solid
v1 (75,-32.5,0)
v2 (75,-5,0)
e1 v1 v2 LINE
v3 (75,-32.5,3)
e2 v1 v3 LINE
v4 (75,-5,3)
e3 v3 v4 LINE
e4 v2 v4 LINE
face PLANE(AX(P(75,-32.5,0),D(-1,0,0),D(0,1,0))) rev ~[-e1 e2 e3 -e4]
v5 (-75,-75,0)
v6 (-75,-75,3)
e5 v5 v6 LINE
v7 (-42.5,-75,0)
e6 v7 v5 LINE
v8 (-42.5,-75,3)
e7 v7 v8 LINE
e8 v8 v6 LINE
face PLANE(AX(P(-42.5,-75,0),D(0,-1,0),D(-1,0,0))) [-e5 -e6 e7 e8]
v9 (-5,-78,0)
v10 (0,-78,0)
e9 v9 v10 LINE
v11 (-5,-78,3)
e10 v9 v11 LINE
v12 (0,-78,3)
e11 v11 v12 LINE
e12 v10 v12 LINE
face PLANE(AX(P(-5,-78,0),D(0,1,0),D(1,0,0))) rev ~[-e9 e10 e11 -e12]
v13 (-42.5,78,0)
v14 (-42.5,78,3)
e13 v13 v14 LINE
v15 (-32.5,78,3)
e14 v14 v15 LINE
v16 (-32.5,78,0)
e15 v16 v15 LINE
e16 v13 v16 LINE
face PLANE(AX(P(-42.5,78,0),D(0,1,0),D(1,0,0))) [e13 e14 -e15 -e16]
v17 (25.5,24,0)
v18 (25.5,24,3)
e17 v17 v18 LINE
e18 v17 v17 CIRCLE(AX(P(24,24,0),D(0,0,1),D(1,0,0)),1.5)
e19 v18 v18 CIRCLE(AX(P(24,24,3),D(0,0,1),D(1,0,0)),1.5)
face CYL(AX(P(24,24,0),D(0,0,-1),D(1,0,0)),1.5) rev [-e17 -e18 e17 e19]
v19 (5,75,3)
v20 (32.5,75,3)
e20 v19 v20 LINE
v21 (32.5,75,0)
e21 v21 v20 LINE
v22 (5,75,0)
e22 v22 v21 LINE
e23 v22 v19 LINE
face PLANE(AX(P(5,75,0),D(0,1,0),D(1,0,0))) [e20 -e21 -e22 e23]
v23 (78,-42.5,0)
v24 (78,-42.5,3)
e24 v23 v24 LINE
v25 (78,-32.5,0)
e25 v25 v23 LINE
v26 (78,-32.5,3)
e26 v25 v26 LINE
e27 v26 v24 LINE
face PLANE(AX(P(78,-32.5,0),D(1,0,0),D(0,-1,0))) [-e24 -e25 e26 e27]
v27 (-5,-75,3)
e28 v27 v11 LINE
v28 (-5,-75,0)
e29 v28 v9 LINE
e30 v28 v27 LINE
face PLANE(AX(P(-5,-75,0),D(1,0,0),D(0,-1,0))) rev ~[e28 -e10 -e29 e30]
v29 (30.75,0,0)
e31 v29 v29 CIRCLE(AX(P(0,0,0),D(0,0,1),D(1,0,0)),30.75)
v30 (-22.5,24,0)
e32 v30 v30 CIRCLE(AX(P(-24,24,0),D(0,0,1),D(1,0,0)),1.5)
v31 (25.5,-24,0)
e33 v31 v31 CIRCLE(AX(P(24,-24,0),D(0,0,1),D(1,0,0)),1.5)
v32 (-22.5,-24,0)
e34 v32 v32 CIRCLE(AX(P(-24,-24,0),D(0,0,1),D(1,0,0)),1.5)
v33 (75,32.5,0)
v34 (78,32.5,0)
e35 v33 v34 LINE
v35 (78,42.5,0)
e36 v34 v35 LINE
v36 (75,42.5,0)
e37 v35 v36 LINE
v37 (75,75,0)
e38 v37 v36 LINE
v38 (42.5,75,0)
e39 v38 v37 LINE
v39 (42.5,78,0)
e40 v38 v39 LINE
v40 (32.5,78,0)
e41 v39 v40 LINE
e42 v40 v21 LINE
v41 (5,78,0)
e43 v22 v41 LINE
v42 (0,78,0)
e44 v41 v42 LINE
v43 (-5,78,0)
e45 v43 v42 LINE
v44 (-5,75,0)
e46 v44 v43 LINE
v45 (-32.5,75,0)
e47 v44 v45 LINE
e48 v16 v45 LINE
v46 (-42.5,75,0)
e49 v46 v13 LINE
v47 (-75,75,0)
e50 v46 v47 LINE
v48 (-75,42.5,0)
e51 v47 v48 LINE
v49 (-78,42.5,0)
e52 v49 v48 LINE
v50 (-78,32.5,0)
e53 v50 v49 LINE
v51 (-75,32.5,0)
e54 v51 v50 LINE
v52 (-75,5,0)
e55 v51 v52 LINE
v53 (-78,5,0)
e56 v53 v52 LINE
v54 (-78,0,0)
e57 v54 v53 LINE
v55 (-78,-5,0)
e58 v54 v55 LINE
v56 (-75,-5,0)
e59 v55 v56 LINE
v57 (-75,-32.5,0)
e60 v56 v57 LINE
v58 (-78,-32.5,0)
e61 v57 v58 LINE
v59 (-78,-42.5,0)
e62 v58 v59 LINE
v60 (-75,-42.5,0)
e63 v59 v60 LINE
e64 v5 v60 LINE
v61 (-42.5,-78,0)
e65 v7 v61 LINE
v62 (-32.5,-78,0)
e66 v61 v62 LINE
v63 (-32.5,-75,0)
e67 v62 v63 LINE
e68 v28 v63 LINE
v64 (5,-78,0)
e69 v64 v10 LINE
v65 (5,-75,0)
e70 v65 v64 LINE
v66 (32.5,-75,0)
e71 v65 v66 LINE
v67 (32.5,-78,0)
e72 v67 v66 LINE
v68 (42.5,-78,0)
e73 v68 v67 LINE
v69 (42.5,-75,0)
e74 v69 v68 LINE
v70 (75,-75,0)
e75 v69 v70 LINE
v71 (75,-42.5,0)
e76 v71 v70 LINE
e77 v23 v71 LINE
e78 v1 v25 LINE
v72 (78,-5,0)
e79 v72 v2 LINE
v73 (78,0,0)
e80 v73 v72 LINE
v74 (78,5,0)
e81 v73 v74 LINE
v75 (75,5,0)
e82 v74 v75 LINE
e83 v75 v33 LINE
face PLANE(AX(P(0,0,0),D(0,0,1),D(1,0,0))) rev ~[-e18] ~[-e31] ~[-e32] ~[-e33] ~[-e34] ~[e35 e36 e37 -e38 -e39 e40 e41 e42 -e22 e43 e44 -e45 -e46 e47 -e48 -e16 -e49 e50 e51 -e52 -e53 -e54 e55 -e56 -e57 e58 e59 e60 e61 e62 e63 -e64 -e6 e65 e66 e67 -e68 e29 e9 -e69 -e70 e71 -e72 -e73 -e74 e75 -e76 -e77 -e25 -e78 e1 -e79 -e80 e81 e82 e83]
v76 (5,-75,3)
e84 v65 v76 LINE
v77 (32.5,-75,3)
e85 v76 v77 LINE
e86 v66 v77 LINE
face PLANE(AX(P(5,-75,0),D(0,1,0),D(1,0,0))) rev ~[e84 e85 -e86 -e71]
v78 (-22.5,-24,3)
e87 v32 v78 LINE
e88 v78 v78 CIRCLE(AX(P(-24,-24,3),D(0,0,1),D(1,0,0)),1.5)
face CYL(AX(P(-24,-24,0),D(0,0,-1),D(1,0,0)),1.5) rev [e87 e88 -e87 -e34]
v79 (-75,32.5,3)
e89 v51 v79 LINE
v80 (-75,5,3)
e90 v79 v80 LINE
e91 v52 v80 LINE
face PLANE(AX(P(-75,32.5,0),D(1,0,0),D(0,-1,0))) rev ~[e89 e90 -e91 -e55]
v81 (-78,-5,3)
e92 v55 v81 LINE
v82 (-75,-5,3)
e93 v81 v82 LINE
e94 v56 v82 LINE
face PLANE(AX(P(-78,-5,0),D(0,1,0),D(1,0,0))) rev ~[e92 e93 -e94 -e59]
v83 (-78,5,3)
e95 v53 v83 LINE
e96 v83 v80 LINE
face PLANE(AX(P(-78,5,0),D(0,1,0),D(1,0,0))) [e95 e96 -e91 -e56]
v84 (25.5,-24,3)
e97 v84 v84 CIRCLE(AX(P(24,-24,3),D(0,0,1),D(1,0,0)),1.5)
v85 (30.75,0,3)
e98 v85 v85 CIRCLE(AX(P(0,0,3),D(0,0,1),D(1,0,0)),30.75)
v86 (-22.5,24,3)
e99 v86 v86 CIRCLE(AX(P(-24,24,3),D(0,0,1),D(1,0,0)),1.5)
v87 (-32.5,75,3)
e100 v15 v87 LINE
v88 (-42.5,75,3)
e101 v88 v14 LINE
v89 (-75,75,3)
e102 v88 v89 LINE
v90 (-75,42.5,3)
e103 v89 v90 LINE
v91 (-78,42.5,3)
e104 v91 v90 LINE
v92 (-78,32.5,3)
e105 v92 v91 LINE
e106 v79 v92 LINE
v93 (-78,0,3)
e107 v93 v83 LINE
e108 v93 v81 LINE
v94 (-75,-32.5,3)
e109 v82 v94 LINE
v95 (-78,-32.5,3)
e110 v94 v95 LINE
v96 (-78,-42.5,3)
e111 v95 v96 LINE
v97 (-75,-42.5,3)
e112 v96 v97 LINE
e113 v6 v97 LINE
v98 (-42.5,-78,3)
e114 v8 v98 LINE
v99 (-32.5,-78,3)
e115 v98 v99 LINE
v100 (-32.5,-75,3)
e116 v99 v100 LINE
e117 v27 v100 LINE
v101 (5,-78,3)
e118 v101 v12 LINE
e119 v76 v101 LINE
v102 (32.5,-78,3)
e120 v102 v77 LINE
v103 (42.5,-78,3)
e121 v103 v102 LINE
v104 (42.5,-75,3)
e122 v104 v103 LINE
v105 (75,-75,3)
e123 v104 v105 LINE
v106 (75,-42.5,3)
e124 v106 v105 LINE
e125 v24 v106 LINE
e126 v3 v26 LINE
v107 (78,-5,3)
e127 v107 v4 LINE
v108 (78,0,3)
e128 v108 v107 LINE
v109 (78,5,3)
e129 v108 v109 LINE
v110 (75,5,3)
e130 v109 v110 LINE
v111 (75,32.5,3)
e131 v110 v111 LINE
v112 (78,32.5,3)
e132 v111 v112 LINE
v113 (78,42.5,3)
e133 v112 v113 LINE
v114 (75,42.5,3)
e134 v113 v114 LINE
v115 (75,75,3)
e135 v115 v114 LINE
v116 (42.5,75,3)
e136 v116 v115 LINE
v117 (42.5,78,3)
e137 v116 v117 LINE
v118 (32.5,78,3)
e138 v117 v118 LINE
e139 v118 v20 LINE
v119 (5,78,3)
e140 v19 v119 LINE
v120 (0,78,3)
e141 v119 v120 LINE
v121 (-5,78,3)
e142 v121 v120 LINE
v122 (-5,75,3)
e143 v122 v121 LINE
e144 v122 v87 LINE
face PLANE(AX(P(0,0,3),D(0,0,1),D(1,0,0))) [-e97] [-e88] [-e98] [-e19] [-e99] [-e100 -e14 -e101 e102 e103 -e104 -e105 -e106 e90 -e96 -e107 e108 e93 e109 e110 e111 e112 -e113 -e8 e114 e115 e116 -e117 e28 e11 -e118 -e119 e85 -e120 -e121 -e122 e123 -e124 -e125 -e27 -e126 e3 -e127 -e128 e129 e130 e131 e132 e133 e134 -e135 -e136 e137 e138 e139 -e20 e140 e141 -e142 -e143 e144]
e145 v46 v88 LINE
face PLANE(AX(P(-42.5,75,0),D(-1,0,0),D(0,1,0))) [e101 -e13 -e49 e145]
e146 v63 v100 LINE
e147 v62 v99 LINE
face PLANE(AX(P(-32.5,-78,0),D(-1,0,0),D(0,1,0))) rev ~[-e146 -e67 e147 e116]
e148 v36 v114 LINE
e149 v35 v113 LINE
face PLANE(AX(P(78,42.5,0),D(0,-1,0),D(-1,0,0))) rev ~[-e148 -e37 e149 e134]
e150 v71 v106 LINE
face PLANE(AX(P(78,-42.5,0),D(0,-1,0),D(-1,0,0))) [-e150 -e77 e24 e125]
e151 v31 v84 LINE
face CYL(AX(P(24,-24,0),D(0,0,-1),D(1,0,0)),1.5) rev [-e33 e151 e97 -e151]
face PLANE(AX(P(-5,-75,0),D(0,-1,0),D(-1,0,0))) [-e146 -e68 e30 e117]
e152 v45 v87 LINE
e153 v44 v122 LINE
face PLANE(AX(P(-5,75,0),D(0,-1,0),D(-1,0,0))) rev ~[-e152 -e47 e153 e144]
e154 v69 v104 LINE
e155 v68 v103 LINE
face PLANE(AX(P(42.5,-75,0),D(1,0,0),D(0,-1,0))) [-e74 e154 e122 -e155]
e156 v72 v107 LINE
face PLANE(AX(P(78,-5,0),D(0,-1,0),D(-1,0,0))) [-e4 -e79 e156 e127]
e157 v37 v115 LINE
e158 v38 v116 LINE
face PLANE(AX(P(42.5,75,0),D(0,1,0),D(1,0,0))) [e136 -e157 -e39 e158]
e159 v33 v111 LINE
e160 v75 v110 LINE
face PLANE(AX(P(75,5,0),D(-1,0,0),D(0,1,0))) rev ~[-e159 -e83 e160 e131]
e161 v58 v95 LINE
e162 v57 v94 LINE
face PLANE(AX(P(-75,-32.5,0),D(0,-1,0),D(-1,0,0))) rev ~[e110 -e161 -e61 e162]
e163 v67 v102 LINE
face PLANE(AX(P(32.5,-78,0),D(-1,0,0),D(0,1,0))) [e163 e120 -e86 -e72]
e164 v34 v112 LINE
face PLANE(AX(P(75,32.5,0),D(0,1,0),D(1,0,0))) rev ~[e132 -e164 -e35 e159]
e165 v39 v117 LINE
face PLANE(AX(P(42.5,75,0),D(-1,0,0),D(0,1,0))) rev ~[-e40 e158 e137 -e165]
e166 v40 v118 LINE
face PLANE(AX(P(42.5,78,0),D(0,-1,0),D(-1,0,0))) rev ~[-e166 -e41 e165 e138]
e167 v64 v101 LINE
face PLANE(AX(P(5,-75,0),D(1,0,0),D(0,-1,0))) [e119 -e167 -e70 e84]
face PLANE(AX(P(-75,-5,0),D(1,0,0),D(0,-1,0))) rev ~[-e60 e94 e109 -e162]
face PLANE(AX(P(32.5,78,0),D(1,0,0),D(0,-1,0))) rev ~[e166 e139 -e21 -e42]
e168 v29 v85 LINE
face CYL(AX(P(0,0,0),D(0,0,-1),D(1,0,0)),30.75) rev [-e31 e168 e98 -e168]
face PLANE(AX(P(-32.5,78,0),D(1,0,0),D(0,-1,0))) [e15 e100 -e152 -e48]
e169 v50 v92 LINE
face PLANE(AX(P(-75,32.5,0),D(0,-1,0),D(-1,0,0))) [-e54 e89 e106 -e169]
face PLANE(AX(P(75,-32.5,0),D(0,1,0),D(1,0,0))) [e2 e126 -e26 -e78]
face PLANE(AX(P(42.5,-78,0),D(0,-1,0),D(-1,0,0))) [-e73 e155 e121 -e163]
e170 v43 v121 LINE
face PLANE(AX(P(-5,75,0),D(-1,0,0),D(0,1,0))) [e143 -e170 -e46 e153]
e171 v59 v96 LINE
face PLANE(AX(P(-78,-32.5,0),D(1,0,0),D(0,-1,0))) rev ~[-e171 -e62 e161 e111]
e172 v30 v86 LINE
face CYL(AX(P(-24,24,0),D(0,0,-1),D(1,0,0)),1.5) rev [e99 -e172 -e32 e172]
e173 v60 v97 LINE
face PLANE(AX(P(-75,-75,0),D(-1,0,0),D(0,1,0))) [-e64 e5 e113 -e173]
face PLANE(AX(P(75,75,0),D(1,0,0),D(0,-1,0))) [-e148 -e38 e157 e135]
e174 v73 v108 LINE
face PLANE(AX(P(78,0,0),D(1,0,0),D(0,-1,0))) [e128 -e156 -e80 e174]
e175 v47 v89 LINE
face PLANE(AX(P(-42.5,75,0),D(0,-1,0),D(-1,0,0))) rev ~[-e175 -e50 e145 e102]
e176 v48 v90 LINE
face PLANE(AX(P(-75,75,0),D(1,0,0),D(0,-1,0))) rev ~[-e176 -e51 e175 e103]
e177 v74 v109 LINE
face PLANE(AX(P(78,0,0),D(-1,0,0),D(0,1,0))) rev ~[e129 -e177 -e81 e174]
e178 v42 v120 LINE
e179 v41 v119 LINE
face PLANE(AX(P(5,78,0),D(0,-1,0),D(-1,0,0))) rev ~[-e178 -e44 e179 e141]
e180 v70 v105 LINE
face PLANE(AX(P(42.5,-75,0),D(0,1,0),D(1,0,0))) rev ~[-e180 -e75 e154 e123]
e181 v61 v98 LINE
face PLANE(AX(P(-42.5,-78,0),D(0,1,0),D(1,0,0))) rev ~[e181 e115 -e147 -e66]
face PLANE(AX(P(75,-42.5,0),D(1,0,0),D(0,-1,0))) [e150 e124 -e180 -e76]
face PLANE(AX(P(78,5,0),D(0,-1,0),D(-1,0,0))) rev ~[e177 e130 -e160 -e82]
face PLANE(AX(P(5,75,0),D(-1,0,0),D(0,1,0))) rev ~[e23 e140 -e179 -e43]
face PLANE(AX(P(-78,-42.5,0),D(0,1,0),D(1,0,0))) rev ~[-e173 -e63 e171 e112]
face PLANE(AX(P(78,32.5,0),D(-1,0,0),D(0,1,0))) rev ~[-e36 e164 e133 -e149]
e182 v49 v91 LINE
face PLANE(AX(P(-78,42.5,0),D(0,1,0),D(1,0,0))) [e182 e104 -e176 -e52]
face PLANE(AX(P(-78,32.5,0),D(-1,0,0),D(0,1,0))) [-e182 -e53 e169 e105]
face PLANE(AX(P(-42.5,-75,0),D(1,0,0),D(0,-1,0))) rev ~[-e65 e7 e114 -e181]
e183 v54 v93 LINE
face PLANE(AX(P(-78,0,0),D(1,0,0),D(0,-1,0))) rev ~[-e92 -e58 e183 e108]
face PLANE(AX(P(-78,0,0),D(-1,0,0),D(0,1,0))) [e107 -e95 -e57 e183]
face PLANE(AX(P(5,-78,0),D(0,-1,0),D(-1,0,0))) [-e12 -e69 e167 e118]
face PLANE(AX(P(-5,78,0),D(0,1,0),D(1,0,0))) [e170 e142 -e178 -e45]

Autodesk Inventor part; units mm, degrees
ref_plane "YZ Plane" through (0, 0, 0) normal (1, 0, 0) x (0, 1, 0)
ref_plane "XZ Plane" through (0, 0, 0) normal (0, 1, 0) x (-1, 0, 0)
ref_plane "XY Plane" through (0, 0, 0) normal (0, 0, 1) x (1, 0, 0)
sketch "Эскиз1" plane through (0, 0, 0) normal (0, 0, 1) x (1, 0, 0)
  circle A0 centre (0, 0) radius 30.75
  circle A1 centre (24, -24) radius 1.5
  circle A2 centre (24, 24) radius 1.5
  circle A3 centre (-24, 24) radius 1.5
  circle A4 centre (-24, -24) radius 1.5
  line L0 (-78, 42.5) -> (-75, 42.5)
  line L1 (-75, 32.5) -> (-78, 32.5)
  line L2 (-78, 32.5) -> (-78, 42.5)
  line L3 (-78, 5) -> (-75, 5)
  line L4 (-78, 0) -> (-78, 5)
  line L5 (-42.5, 78) -> (-32.5, 78)
  line L6 (-32.5, 78) -> (-32.5, 75)
  line L7 (-42.5, 75) -> (-42.5, 78)
  line L8 (-5, 78) -> (0, 78)
  line L9 (-5, 75) -> (-5, 78)
  line L10 (-5, 75) -> (-32.5, 75)
  line L11 (-42.5, 75) -> (-75, 75)
  line L12 (-75, 75) -> (-75, 42.5)
  line L13 (-75, 32.5) -> (-75, 5)
  line L14 (78, 42.5) -> (75, 42.5)
  line L15 (75, 32.5) -> (78, 32.5)
  line L16 (78, 32.5) -> (78, 42.5)
  line L17 (78, 5) -> (75, 5)
  line L18 (78, 0) -> (78, 5)
  line L19 (42.5, 78) -> (32.5, 78)
  line L20 (32.5, 78) -> (32.5, 75)
  line L21 (42.5, 75) -> (42.5, 78)
  line L22 (5, 78) -> (0, 78)
  line L23 (5, 75) -> (5, 78)
  line L24 (5, 75) -> (32.5, 75)
  line L25 (42.5, 75) -> (75, 75)
  line L26 (75, 5) -> (75, 32.5)
  line L27 (75, 75) -> (75, 42.5)
  line L28 (-78, -42.5) -> (-75, -42.5)
  line L29 (-75, -32.5) -> (-78, -32.5)
  line L30 (-78, -32.5) -> (-78, -42.5)
  line L31 (-78, -5) -> (-75, -5)
  line L32 (-78, 0) -> (-78, -5)
  line L33 (-42.5, -78) -> (-32.5, -78)
  line L34 (-32.5, -78) -> (-32.5, -75)
  line L35 (-42.5, -75) -> (-42.5, -78)
  line L36 (-5, -78) -> (0, -78)
  line L37 (-5, -75) -> (-5, -78)
  line L38 (-5, -75) -> (-32.5, -75)
  line L39 (-42.5, -75) -> (-75, -75)
  line L40 (-75, -5) -> (-75, -32.5)
  line L41 (-75, -75) -> (-75, -42.5)
  line L42 (75, -32.5) -> (78, -32.5)
  line L43 (75, -32.5) -> (75, -5)
  line L44 (78, -5) -> (75, -5)
  line L45 (78, 0) -> (78, -5)
  line L46 (78, -42.5) -> (75, -42.5)
  line L47 (78, -32.5) -> (78, -42.5)
  line L48 (5, -75) -> (32.5, -75)
  line L49 (5, -78) -> (0, -78)
  line L50 (5, -75) -> (5, -78)
  line L51 (75, -42.5) -> (75, -75)
  line L52 (42.5, -75) -> (75, -75)
  line L53 (32.5, -78) -> (32.5, -75)
  line L54 (42.5, -78) -> (32.5, -78)
  line L55 (42.5, -75) -> (42.5, -78)
extrude "Выдавливание1" add sketch "Эскиз1" along normal blind 3
properties part number "Верх"
